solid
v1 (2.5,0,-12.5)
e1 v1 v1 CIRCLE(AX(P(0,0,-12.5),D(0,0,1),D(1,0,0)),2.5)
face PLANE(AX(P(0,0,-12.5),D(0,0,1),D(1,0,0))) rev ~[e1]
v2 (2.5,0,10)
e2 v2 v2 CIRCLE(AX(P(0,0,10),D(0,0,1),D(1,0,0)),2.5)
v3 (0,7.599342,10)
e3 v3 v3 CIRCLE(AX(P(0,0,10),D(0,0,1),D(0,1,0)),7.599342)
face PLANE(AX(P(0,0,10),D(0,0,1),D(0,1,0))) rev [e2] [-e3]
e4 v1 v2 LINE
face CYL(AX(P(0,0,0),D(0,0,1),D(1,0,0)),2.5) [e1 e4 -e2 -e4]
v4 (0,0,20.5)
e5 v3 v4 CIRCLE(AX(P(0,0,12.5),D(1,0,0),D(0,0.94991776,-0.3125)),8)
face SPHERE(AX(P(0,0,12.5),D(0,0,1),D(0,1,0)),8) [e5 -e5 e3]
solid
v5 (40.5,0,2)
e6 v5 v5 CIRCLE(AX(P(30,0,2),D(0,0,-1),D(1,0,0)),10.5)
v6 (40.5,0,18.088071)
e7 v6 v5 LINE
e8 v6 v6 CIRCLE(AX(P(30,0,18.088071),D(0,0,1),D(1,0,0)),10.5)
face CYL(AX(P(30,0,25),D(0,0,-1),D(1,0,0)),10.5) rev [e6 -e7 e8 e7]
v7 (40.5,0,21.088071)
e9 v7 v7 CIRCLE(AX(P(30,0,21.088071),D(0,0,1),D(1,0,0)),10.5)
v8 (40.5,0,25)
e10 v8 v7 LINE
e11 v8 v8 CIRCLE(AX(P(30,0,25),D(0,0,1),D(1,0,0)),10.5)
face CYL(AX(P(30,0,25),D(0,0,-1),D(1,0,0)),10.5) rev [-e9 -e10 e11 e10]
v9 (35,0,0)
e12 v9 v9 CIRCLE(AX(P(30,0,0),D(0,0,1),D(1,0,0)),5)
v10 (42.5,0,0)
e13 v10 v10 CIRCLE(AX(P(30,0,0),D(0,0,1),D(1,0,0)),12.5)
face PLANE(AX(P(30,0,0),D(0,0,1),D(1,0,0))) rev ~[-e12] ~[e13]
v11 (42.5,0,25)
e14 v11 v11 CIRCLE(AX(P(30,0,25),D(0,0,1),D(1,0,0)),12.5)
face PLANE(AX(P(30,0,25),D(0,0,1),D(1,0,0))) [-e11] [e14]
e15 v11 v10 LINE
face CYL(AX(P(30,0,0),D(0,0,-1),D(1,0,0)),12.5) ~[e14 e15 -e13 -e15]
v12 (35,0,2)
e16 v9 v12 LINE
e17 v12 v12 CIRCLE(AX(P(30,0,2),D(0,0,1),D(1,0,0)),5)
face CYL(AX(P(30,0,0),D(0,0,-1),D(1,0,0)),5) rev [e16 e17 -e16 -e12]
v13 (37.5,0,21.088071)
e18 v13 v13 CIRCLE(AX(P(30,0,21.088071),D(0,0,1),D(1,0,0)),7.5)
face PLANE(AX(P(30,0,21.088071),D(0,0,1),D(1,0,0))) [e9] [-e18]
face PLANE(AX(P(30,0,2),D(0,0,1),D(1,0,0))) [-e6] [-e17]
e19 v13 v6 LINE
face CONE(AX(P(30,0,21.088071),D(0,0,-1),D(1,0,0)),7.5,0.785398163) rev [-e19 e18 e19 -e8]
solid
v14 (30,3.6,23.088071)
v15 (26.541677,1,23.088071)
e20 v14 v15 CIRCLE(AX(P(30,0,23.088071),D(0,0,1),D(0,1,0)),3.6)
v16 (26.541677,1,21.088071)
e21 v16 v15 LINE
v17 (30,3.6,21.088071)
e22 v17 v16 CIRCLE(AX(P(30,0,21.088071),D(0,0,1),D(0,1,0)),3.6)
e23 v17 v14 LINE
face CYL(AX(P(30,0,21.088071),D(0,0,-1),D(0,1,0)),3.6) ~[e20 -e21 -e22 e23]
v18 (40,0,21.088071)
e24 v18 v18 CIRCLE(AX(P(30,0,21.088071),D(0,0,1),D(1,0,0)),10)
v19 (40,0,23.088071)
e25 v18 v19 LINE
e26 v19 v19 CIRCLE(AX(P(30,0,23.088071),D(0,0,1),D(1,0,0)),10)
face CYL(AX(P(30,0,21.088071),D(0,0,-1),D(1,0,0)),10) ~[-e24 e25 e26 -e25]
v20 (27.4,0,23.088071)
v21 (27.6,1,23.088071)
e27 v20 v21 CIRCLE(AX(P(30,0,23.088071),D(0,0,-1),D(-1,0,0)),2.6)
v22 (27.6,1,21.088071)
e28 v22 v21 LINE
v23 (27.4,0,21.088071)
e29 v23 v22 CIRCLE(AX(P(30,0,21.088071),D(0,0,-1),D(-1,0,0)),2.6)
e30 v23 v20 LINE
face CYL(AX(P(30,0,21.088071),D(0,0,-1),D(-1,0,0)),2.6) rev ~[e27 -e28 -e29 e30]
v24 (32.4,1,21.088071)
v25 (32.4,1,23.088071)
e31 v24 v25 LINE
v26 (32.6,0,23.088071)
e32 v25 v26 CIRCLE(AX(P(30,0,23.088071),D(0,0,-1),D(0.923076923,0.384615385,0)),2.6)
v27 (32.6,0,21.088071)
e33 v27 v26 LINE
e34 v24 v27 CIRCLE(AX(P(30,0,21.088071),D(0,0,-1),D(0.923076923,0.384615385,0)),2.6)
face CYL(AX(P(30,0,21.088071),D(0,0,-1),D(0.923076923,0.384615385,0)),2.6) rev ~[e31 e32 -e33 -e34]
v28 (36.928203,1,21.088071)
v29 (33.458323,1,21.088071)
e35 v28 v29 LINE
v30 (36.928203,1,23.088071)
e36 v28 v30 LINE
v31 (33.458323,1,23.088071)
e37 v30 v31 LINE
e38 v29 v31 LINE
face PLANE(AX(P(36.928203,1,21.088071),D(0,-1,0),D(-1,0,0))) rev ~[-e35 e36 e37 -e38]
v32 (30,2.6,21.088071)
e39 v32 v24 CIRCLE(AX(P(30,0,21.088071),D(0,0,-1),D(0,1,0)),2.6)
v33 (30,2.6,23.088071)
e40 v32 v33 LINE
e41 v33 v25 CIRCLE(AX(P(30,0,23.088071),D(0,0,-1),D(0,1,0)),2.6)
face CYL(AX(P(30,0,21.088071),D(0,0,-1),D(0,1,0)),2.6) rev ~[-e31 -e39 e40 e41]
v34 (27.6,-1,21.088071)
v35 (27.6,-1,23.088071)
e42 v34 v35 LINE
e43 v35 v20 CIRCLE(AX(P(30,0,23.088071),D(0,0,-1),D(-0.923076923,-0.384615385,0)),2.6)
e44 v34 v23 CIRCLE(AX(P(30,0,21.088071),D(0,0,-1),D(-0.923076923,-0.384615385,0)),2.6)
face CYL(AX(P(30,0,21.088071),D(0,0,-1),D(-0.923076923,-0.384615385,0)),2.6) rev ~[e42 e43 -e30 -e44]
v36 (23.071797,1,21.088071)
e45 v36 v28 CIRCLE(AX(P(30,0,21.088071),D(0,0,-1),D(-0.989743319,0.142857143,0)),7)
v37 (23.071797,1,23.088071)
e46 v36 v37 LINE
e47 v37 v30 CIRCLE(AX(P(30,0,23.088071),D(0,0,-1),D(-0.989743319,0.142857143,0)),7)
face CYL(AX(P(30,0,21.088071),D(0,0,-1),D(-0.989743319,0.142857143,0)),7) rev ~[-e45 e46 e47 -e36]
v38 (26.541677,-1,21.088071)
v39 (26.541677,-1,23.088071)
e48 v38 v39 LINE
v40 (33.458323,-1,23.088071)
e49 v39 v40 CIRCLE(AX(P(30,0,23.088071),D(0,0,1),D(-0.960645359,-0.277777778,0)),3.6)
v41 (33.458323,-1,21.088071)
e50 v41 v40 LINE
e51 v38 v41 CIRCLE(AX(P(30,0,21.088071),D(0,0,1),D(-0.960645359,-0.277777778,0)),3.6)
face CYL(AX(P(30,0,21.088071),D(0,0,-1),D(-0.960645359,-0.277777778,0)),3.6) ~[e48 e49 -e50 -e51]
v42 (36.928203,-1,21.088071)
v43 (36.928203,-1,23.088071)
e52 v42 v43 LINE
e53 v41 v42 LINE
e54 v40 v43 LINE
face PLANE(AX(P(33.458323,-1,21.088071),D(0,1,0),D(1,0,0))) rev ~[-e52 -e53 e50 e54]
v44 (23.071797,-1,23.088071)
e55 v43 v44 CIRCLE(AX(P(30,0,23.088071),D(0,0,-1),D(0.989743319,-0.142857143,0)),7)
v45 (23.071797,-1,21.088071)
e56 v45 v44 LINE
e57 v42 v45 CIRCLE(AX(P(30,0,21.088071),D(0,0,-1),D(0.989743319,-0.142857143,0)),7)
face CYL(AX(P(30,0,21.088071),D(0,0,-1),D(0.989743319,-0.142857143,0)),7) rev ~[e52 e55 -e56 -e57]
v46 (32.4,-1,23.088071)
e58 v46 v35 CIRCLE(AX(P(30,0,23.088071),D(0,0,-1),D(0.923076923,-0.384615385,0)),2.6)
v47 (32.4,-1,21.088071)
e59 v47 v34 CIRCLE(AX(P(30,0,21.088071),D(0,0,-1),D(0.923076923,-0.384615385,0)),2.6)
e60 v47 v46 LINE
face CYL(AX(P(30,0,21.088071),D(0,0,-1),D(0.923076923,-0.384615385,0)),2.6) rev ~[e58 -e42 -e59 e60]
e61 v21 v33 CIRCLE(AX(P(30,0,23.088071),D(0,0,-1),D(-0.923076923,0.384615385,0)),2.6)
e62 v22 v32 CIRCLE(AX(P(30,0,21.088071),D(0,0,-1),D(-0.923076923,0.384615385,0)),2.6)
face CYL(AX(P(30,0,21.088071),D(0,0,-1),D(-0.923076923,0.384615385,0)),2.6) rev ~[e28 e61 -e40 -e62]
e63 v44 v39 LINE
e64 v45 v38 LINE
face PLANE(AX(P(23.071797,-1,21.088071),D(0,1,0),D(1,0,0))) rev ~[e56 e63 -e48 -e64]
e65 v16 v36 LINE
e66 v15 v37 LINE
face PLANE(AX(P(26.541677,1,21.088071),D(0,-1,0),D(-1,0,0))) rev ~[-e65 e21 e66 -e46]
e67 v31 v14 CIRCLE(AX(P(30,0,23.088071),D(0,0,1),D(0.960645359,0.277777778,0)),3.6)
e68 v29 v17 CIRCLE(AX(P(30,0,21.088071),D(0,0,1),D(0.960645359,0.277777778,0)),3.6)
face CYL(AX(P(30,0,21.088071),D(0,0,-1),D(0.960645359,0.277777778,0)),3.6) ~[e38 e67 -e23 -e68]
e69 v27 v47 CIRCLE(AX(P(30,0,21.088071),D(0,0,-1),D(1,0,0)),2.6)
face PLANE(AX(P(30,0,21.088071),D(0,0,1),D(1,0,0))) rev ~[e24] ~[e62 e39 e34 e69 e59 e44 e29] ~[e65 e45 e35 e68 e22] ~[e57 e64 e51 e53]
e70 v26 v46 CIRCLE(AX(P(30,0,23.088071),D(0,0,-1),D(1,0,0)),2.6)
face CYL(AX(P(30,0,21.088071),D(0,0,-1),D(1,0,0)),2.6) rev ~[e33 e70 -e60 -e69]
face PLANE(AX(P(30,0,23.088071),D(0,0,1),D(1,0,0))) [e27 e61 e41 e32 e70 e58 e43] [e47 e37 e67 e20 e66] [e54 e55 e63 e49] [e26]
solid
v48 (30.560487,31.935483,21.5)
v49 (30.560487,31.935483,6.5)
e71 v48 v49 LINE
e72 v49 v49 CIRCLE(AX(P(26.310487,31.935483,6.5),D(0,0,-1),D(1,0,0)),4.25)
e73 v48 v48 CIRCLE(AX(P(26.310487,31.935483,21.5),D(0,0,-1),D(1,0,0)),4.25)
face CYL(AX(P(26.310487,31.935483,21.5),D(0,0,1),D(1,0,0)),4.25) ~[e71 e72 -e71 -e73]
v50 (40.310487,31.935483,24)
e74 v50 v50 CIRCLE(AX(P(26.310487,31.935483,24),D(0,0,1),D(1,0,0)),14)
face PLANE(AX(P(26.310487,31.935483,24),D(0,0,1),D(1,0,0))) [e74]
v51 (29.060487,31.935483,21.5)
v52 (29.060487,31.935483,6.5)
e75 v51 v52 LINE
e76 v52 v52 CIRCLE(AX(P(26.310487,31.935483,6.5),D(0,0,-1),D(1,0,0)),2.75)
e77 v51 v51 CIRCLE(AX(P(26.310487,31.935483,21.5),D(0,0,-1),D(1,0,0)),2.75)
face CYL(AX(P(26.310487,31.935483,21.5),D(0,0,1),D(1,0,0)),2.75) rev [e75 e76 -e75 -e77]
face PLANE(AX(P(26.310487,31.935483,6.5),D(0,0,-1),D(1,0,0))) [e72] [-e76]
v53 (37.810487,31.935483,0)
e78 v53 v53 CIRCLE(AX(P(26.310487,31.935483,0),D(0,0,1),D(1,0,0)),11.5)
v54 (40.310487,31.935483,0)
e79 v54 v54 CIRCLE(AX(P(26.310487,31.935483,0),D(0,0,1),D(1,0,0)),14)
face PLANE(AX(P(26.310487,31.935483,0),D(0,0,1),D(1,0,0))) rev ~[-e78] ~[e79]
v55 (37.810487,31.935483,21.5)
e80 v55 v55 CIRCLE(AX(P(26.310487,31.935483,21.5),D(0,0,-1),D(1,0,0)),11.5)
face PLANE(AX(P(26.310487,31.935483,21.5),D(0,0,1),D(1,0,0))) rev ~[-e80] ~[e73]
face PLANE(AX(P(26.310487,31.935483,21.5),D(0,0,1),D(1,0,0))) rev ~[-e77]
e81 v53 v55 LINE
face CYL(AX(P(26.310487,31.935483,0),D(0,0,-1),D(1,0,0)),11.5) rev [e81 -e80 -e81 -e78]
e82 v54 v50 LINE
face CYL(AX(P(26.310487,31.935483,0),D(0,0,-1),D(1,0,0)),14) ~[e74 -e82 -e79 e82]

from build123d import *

# Parameters (mm, degrees)
F0_R      = 2.5
F1_DEPTH  = 12.5
F4_R      = 12.5
F4_R_2    = 5
F5_DEPTH  = 2
F8_R      = 10
F8_R_2    = 7.5
F9_DEPTH  = 2
F10_R     = 14
F11_DEPTH = 24
F12_T     = -2.5
F13_R     = 4.25
F13_R_2   = 2.75
F14_DEPTH = 15


with BuildPart() as f1:
    # F0 (on Top) → F1 (new body, symmetric)
    with BuildSketch(Plane.XY):
        Circle(F0_R)
    extrude(amount=F1_DEPTH, both=True)

    # F2 (on Right) → F3 (revolve)
    with BuildSketch(Plane.YZ):
        with BuildLine():
            Line((0, 10), (7.5993420768, 10))
            ThreePointArc((7.5993420768, 10), (6.4807406984, 17.1904157598), (0, 20.5))
            Line((0, 20.5), (0, 10))
        make_face()
    revolve(axis=Axis((0, 0, 15.25), (0, 0, 1)))


with BuildPart() as f5:
    # F4 (on Top) → F5 (new body)
    with BuildSketch(Plane.XY):
        with Locations((30, 0)):
            Circle(F4_R)
        with Locations((30, 0)):
            Circle(F4_R_2, mode=Mode.SUBTRACT)
    extrude(amount=F5_DEPTH)

    # F6 (on Front) → F7 (revolve)
    with BuildSketch(Plane.XZ):
        Polygon((40.5, 18.0880711675), (40.5, 0), (42.5, 0), (42.5, 25), (40.5, 25), (40.5, 21.0880711675), align=None)
        Polygon((37.5, 21.0880711675), (40.5, 18.0880711675), (40.5, 21.0880711675), align=None)
    revolve(axis=Axis((30, 0, 13.9748398215), (0, 0, 1)))


with BuildPart() as f9:
    # F8 (on face) → F9 (new body)
    with BuildSketch(Plane.XY.offset(21.0880711675)):
        with Locations((30, 0)):
            Circle(F8_R)
        with Locations((30, 0)):
            Circle(F8_R_2, mode=Mode.SUBTRACT)
        with Locations((30, 0)):
            Circle(F8_R_2)
        with BuildLine():
            ThreePointArc((36.9282032303, 1), (36.982027736, 0.5012870376), (37, 0))
            ThreePointArc((37, 0), (36.982027736, -0.5012870376), (36.9282032303, -1))
            ThreePointArc((36.9282032303, -1), (30, -7), (23.0717967697, -1))
            ThreePointArc((23.0717967697, -1), (23.017972264, -0.5012870376), (23, 0))
            ThreePointArc((23, 0), (23.017972264, 0.5012870376), (23.0717967697, 1))
            ThreePointArc((23.0717967697, 1), (25.417424305, 5.2915026221), (30, 7))
            ThreePointArc((30, 7), (34.582575695, 5.2915026221), (36.9282032303, 1))
        make_face(mode=Mode.SUBTRACT)
        with BuildLine():
            ThreePointArc((26.5416767068, -1), (30, -3.6), (33.4583232932, -1))
            Line((33.4583232932, -1), (32.4, -1))
            ThreePointArc((32.4, -1), (30, -2.6), (27.6, -1))
            Line((27.6, -1), (26.5416767068, -1))
        make_face()
        with BuildLine():
            ThreePointArc((36.9282032303, -1), (36.982027736, -0.5012870376), (37, 0))
            ThreePointArc((37, 0), (36.982027736, 0.5012870376), (36.9282032303, 1))
            Line((36.9282032303, 1), (33.4583232932, 1))
            ThreePointArc((33.4583232932, 1), (33.564404849, 0.5049931409), (33.6, 0))
            ThreePointArc((33.6, 0), (33.564404849, -0.5049931409), (33.4583232932, -1))
            Line((33.4583232932, -1), (36.9282032303, -1))
        make_face()
        with BuildLine():
            Line((30, 2.6), (30, 3.6))
            ThreePointArc((30, 3.6), (27.8366692347, 2.877498914), (26.5416767068, 1))
            Line((26.5416767068, 1), (27.6, 1))
            ThreePointArc((27.6, 1), (28.5577794898, 2.1633307653), (30, 2.6))
        make_face()
        with BuildLine():
            Line((32.4, 1), (33.4583232932, 1))
            ThreePointArc((33.4583232932, 1), (32.1633307653, 2.877498914), (30, 3.6))
            Line((30, 3.6), (30, 2.6))
            ThreePointArc((30, 2.6), (31.4422205102, 2.1633307653), (32.4, 1))
        make_face()
        with BuildLine():
            ThreePointArc((23, 0), (23.017972264, -0.5012870376), (23.0717967697, -1))
            Line((23.0717967697, -1), (26.5416767068, -1))
            ThreePointArc((26.5416767068, -1), (26.435595151, -0.5049931409), (26.4, 0))
            Line((26.4, 0), (23, 0))
        make_face()
        with BuildLine():
            Line((26.5416767068, 1), (23.0717967697, 1))
            ThreePointArc((23.0717967697, 1), (23.017972264, 0.5012870376), (23, 0))
            Line((23, 0), (26.4, 0))
            ThreePointArc((26.4, 0), (26.435595151, 0.5049931409), (26.5416767068, 1))
        make_face()
        with BuildLine():
            ThreePointArc((33.6, 0), (33.564404849, 0.5049931409), (33.4583232932, 1))
            Line((33.4583232932, 1), (32.4, 1))
            ThreePointArc((32.4, 1), (32.5495097568, 0.5099019514), (32.6, 0))
            ThreePointArc((32.6, 0), (32.5495097568, -0.5099019514), (32.4, -1))
            Line((32.4, -1), (33.4583232932, -1))
            ThreePointArc((33.4583232932, -1), (33.564404849, -0.5049931409), (33.6, 0))
        make_face()
        with BuildLine():
            Line((27.6, 1), (26.5416767068, 1))
            ThreePointArc((26.5416767068, 1), (26.435595151, 0.5049931409), (26.4, 0))
            Line((26.4, 0), (27.4, 0))
            ThreePointArc((27.4, 0), (27.4504902432, 0.5099019514), (27.6, 1))
        make_face()
        with BuildLine():
            ThreePointArc((26.4, 0), (26.435595151, -0.5049931409), (26.5416767068, -1))
            Line((26.5416767068, -1), (27.6, -1))
            ThreePointArc((27.6, -1), (27.4504902432, -0.5099019514), (27.4, 0))
            Line((27.4, 0), (26.4, 0))
        make_face()
    extrude(amount=F9_DEPTH)


with BuildPart() as f11:
    # F10 (on Top) → F11 (new body)
    with BuildSketch(Plane.XY):
        with Locations((26.310486719, 31.9354832172)):
            Circle(F10_R)
    extrude(amount=F11_DEPTH)

    # F12
    f12_openings = [f11.faces().sort_by_distance(p)[0] for p in [
        (26.310487, 31.935483, 0),
    ]]
    offset(amount=F12_T, openings=f12_openings)

    # F13 (on face) → F14 (join)
    with BuildSketch(Plane(origin=(0, 0, 21.5), x_dir=(1, 0, 0), z_dir=(0, 0, -1))):
        with Locations((26.310486719, -31.9354832172)):
            Circle(F13_R)
        with Locations((26.310486719, -31.9354832172)):
            Circle(F13_R_2, mode=Mode.SUBTRACT)
    extrude(amount=F14_DEPTH)


solid = Compound([f1.part, f5.part, f9.part, f11.part])
